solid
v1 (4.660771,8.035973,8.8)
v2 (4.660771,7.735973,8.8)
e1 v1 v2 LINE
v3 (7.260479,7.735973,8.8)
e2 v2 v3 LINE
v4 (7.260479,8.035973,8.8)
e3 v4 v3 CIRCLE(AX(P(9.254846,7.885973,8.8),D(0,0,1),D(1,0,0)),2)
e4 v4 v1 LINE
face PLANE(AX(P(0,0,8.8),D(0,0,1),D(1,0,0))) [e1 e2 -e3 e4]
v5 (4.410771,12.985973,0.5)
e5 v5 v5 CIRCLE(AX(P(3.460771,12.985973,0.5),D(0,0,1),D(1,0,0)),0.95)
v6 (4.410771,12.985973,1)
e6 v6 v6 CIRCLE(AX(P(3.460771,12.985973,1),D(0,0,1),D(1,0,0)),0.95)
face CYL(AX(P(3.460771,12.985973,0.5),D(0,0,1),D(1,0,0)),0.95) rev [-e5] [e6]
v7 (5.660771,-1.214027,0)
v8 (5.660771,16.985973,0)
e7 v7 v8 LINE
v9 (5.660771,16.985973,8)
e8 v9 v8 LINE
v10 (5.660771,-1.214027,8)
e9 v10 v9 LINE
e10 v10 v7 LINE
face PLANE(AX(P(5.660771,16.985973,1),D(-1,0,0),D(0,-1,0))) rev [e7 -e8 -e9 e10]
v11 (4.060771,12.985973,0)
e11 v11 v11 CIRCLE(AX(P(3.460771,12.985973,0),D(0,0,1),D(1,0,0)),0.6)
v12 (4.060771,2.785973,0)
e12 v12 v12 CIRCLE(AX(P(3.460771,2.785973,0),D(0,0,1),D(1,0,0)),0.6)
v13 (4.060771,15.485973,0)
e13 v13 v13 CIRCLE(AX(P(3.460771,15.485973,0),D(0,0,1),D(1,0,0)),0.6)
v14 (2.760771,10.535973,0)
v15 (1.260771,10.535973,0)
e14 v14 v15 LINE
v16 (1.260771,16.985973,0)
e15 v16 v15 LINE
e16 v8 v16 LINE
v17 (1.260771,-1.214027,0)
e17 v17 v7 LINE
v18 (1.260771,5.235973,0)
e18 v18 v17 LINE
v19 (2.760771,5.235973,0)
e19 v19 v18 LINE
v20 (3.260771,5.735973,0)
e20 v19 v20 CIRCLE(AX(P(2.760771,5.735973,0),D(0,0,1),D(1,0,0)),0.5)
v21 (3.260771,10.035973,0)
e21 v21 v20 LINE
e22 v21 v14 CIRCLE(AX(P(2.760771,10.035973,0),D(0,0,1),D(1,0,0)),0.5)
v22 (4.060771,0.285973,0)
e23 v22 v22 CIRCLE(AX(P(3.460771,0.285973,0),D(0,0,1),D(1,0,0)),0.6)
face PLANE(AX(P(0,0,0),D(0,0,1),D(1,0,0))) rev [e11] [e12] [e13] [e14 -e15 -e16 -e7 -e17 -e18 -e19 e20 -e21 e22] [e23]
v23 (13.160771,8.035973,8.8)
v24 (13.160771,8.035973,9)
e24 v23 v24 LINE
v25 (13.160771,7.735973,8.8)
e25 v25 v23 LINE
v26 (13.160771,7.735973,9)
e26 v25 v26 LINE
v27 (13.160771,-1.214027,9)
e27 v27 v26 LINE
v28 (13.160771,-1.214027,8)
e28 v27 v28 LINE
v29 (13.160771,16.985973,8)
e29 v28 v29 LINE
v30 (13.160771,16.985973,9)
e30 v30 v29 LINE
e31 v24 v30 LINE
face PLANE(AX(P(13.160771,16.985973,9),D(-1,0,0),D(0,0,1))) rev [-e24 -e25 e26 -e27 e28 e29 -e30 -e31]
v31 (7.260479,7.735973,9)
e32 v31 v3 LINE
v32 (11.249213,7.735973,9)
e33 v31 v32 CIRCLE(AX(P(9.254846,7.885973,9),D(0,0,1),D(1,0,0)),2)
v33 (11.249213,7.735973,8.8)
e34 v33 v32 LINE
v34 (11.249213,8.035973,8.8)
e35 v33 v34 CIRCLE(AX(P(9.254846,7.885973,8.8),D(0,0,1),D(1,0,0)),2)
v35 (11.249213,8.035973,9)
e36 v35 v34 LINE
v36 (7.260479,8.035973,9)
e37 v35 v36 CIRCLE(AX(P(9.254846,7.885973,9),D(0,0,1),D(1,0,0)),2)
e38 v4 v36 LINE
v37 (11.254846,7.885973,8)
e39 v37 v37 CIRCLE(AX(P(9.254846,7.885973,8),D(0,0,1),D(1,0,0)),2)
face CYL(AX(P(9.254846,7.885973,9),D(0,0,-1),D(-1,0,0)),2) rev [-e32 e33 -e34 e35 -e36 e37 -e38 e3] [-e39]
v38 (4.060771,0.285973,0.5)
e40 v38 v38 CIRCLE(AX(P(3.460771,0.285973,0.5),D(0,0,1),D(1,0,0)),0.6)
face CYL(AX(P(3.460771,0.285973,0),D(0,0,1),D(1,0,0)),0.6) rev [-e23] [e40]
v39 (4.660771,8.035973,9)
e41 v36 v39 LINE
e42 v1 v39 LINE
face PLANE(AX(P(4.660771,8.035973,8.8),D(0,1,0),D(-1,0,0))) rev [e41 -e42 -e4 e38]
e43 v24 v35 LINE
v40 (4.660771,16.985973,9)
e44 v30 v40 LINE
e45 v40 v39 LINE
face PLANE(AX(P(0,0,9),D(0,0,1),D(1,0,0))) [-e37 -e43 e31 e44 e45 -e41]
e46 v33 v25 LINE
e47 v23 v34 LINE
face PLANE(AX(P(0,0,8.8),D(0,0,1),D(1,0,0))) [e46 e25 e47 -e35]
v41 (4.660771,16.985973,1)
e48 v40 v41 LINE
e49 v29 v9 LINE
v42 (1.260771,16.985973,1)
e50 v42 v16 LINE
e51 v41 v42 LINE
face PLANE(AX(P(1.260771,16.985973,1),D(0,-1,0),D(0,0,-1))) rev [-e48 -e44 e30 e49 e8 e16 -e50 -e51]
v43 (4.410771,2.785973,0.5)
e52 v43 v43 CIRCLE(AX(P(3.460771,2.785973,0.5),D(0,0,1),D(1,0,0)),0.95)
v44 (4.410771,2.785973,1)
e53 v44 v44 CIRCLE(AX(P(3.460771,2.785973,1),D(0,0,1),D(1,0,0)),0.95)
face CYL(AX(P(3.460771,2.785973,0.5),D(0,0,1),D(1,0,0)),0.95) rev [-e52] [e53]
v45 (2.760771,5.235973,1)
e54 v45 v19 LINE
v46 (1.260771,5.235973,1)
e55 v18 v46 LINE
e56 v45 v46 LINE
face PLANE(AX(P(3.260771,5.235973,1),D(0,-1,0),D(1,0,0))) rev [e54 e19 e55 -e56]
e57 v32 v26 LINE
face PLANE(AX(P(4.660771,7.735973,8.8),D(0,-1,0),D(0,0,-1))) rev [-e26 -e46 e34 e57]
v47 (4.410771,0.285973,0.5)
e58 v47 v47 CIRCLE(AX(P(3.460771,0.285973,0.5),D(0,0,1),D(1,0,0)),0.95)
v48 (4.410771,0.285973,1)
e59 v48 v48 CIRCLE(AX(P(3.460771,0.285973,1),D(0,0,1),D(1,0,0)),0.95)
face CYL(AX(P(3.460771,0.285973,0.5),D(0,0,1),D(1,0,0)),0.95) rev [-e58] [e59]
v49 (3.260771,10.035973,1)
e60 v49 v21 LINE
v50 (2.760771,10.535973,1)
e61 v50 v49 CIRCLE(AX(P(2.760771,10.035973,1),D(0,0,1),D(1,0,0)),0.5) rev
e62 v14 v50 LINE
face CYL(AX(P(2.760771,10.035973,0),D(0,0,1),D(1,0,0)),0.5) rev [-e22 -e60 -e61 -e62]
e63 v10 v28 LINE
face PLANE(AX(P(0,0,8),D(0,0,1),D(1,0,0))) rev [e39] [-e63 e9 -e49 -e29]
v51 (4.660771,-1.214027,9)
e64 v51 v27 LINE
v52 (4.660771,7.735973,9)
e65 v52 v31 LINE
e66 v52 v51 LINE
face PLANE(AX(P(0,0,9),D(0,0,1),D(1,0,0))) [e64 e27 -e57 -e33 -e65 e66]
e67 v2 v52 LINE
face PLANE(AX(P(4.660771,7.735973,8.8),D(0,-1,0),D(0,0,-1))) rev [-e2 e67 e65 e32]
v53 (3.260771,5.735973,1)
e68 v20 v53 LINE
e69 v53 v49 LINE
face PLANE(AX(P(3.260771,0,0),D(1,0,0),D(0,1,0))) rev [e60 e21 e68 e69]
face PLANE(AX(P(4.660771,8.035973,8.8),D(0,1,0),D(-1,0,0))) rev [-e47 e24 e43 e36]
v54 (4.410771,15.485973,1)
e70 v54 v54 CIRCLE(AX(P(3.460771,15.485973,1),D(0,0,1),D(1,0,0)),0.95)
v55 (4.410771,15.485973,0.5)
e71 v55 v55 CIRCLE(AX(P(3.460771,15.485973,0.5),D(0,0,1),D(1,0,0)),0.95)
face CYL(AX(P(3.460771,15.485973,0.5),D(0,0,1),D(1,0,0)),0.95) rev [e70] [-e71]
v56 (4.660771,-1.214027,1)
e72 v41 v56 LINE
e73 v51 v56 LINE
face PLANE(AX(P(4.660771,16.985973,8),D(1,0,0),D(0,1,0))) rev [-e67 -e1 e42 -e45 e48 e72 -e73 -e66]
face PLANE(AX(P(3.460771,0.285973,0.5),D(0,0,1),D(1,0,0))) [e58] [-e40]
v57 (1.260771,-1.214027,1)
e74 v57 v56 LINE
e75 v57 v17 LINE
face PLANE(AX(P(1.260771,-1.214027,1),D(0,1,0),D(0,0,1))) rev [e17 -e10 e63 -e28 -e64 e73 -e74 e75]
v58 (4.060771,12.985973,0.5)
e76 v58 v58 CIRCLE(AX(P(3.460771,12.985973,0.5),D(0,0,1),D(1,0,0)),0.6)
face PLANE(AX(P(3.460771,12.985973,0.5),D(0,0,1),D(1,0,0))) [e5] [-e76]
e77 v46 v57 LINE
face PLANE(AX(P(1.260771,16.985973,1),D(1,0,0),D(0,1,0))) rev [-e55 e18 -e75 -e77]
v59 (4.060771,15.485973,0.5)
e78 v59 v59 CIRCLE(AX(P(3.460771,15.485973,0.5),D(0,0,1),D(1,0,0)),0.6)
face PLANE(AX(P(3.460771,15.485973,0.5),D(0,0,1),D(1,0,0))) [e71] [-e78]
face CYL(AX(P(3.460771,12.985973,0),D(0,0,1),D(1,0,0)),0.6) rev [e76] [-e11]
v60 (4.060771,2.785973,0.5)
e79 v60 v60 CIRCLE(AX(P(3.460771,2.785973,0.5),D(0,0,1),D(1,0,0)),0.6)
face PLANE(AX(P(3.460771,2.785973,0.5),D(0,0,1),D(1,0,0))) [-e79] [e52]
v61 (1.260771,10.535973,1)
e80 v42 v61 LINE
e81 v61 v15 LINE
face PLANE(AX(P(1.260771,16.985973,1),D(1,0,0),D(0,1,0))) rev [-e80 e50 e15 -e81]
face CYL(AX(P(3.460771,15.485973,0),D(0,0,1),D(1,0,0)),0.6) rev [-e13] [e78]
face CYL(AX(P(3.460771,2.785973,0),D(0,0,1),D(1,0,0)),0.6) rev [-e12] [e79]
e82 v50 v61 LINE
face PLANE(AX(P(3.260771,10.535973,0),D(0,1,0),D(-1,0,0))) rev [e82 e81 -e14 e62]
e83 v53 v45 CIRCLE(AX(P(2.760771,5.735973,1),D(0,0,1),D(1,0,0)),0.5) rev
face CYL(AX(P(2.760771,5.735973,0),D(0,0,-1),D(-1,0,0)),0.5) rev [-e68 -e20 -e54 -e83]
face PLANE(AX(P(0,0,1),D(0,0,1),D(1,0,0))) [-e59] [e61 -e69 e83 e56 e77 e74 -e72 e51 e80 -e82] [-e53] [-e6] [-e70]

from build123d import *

# Parameters (mm, degrees)
SKETCH_3_W          = 4.4
SKETCH_3_H          = 18.2
EXTRUDE_1_DEPTH     = 1
SKETCH_4_R          = 0.95
CUT_EXTRUDE_1_DEPTH = 0.5
SKETCH_5_W          = 1
SKETCH_5_H          = 18.2
EXTRUDE_2_DEPTH     = 7
SKETCH_6_W          = 8.5
SKETCH_6_H          = 18.2
SKETCH_6_R          = 2
EXTRUDE_3_DEPTH     = 1
SKETCH_8_W          = 8.5
SKETCH_8_H          = 0.3
CUT_EXTRUDE_3_DEPTH = 0.2
SKETCH_9_R          = 0.6
CUT_EXTRUDE_4_DEPTH = 24.107989665
SKETCH_10_W         = 1
SKETCH_10_H         = 5.3
CUT_EXTRUDE_5_DEPTH = 2
FILLET_1_R          = 0.5


with BuildPart() as part:
    # 草圖3 → 填料-伸長1 (new body)
    with BuildSketch(Plane.XY):
        with Locations((3.460771452, 7.885973071)):
            Rectangle(SKETCH_3_W, SKETCH_3_H)
    extrude(amount=EXTRUDE_1_DEPTH)

    # 草圖4 → 除料-伸長1 (cut)
    with BuildSketch(Plane.XY.offset(1)):
        with Locations((3.460771452, 15.485973071)):
            Circle(SKETCH_4_R)
        with Locations((3.460771452, 0.285973071)):
            Circle(SKETCH_4_R)
        with Locations((3.460771452, 12.985973071)):
            Circle(SKETCH_4_R)
        with Locations((3.460771452, 2.785973071)):
            Circle(SKETCH_4_R)
    extrude(amount=-CUT_EXTRUDE_1_DEPTH, mode=Mode.SUBTRACT)

    # 草圖5 → 填料-伸長2 (add)
    with BuildSketch(Plane.XY.offset(1)):
        with Locations((5.160771452, 7.885973071)):
            Rectangle(SKETCH_5_W, SKETCH_5_H)
    extrude(amount=EXTRUDE_2_DEPTH)

    # 草圖6 → 填料-伸長3 (add)
    with BuildSketch(Plane.XY.offset(8)):
        with Locations((8.910771452, 7.885973071)):
            Rectangle(SKETCH_6_W, SKETCH_6_H)
        with Locations((9.254845598, 7.885973071)):
            Circle(SKETCH_6_R, mode=Mode.SUBTRACT)
    extrude(amount=EXTRUDE_3_DEPTH)

    # 草圖8 → 除料-伸長3 (cut)
    with BuildSketch(Plane.XY.offset(9)):
        with Locations((8.910771452, 7.885973071)):
            Rectangle(SKETCH_8_W, SKETCH_8_H)
    extrude(amount=-CUT_EXTRUDE_3_DEPTH, mode=Mode.SUBTRACT)

    # 草圖9 → 除料-伸長4 (cut, through all)
    with BuildSketch(Plane.XY.offset(0.5)):
        with Locations((3.460771452, 15.485973071)):
            Circle(SKETCH_9_R)
        with Locations((3.460771452, 12.985973071)):
            Circle(SKETCH_9_R)
        with Locations((3.460771452, 2.785973071)):
            Circle(SKETCH_9_R)
        with Locations((3.460771452, 0.285973071)):
            Circle(SKETCH_9_R)
    extrude(amount=-CUT_EXTRUDE_4_DEPTH, mode=Mode.SUBTRACT)

    # 草圖10 → 除料-伸長5 (cut)
    with BuildSketch(Plane.ZY.offset(-1.260771452)):
        with Locations((0.5, 7.885973071)):
            Rectangle(SKETCH_10_W, SKETCH_10_H)
    extrude(amount=-CUT_EXTRUDE_5_DEPTH, mode=Mode.SUBTRACT)

    # 圓角1
    fillet_1_edges = [part.edges().sort_by_distance(p)[0] for p in [
        (3.260771452, 5.235973071, 0.5),
        (3.260771452, 10.535973071, 0.5),
    ]]
    fillet(fillet_1_edges, radius=FILLET_1_R)


solid = part.part
